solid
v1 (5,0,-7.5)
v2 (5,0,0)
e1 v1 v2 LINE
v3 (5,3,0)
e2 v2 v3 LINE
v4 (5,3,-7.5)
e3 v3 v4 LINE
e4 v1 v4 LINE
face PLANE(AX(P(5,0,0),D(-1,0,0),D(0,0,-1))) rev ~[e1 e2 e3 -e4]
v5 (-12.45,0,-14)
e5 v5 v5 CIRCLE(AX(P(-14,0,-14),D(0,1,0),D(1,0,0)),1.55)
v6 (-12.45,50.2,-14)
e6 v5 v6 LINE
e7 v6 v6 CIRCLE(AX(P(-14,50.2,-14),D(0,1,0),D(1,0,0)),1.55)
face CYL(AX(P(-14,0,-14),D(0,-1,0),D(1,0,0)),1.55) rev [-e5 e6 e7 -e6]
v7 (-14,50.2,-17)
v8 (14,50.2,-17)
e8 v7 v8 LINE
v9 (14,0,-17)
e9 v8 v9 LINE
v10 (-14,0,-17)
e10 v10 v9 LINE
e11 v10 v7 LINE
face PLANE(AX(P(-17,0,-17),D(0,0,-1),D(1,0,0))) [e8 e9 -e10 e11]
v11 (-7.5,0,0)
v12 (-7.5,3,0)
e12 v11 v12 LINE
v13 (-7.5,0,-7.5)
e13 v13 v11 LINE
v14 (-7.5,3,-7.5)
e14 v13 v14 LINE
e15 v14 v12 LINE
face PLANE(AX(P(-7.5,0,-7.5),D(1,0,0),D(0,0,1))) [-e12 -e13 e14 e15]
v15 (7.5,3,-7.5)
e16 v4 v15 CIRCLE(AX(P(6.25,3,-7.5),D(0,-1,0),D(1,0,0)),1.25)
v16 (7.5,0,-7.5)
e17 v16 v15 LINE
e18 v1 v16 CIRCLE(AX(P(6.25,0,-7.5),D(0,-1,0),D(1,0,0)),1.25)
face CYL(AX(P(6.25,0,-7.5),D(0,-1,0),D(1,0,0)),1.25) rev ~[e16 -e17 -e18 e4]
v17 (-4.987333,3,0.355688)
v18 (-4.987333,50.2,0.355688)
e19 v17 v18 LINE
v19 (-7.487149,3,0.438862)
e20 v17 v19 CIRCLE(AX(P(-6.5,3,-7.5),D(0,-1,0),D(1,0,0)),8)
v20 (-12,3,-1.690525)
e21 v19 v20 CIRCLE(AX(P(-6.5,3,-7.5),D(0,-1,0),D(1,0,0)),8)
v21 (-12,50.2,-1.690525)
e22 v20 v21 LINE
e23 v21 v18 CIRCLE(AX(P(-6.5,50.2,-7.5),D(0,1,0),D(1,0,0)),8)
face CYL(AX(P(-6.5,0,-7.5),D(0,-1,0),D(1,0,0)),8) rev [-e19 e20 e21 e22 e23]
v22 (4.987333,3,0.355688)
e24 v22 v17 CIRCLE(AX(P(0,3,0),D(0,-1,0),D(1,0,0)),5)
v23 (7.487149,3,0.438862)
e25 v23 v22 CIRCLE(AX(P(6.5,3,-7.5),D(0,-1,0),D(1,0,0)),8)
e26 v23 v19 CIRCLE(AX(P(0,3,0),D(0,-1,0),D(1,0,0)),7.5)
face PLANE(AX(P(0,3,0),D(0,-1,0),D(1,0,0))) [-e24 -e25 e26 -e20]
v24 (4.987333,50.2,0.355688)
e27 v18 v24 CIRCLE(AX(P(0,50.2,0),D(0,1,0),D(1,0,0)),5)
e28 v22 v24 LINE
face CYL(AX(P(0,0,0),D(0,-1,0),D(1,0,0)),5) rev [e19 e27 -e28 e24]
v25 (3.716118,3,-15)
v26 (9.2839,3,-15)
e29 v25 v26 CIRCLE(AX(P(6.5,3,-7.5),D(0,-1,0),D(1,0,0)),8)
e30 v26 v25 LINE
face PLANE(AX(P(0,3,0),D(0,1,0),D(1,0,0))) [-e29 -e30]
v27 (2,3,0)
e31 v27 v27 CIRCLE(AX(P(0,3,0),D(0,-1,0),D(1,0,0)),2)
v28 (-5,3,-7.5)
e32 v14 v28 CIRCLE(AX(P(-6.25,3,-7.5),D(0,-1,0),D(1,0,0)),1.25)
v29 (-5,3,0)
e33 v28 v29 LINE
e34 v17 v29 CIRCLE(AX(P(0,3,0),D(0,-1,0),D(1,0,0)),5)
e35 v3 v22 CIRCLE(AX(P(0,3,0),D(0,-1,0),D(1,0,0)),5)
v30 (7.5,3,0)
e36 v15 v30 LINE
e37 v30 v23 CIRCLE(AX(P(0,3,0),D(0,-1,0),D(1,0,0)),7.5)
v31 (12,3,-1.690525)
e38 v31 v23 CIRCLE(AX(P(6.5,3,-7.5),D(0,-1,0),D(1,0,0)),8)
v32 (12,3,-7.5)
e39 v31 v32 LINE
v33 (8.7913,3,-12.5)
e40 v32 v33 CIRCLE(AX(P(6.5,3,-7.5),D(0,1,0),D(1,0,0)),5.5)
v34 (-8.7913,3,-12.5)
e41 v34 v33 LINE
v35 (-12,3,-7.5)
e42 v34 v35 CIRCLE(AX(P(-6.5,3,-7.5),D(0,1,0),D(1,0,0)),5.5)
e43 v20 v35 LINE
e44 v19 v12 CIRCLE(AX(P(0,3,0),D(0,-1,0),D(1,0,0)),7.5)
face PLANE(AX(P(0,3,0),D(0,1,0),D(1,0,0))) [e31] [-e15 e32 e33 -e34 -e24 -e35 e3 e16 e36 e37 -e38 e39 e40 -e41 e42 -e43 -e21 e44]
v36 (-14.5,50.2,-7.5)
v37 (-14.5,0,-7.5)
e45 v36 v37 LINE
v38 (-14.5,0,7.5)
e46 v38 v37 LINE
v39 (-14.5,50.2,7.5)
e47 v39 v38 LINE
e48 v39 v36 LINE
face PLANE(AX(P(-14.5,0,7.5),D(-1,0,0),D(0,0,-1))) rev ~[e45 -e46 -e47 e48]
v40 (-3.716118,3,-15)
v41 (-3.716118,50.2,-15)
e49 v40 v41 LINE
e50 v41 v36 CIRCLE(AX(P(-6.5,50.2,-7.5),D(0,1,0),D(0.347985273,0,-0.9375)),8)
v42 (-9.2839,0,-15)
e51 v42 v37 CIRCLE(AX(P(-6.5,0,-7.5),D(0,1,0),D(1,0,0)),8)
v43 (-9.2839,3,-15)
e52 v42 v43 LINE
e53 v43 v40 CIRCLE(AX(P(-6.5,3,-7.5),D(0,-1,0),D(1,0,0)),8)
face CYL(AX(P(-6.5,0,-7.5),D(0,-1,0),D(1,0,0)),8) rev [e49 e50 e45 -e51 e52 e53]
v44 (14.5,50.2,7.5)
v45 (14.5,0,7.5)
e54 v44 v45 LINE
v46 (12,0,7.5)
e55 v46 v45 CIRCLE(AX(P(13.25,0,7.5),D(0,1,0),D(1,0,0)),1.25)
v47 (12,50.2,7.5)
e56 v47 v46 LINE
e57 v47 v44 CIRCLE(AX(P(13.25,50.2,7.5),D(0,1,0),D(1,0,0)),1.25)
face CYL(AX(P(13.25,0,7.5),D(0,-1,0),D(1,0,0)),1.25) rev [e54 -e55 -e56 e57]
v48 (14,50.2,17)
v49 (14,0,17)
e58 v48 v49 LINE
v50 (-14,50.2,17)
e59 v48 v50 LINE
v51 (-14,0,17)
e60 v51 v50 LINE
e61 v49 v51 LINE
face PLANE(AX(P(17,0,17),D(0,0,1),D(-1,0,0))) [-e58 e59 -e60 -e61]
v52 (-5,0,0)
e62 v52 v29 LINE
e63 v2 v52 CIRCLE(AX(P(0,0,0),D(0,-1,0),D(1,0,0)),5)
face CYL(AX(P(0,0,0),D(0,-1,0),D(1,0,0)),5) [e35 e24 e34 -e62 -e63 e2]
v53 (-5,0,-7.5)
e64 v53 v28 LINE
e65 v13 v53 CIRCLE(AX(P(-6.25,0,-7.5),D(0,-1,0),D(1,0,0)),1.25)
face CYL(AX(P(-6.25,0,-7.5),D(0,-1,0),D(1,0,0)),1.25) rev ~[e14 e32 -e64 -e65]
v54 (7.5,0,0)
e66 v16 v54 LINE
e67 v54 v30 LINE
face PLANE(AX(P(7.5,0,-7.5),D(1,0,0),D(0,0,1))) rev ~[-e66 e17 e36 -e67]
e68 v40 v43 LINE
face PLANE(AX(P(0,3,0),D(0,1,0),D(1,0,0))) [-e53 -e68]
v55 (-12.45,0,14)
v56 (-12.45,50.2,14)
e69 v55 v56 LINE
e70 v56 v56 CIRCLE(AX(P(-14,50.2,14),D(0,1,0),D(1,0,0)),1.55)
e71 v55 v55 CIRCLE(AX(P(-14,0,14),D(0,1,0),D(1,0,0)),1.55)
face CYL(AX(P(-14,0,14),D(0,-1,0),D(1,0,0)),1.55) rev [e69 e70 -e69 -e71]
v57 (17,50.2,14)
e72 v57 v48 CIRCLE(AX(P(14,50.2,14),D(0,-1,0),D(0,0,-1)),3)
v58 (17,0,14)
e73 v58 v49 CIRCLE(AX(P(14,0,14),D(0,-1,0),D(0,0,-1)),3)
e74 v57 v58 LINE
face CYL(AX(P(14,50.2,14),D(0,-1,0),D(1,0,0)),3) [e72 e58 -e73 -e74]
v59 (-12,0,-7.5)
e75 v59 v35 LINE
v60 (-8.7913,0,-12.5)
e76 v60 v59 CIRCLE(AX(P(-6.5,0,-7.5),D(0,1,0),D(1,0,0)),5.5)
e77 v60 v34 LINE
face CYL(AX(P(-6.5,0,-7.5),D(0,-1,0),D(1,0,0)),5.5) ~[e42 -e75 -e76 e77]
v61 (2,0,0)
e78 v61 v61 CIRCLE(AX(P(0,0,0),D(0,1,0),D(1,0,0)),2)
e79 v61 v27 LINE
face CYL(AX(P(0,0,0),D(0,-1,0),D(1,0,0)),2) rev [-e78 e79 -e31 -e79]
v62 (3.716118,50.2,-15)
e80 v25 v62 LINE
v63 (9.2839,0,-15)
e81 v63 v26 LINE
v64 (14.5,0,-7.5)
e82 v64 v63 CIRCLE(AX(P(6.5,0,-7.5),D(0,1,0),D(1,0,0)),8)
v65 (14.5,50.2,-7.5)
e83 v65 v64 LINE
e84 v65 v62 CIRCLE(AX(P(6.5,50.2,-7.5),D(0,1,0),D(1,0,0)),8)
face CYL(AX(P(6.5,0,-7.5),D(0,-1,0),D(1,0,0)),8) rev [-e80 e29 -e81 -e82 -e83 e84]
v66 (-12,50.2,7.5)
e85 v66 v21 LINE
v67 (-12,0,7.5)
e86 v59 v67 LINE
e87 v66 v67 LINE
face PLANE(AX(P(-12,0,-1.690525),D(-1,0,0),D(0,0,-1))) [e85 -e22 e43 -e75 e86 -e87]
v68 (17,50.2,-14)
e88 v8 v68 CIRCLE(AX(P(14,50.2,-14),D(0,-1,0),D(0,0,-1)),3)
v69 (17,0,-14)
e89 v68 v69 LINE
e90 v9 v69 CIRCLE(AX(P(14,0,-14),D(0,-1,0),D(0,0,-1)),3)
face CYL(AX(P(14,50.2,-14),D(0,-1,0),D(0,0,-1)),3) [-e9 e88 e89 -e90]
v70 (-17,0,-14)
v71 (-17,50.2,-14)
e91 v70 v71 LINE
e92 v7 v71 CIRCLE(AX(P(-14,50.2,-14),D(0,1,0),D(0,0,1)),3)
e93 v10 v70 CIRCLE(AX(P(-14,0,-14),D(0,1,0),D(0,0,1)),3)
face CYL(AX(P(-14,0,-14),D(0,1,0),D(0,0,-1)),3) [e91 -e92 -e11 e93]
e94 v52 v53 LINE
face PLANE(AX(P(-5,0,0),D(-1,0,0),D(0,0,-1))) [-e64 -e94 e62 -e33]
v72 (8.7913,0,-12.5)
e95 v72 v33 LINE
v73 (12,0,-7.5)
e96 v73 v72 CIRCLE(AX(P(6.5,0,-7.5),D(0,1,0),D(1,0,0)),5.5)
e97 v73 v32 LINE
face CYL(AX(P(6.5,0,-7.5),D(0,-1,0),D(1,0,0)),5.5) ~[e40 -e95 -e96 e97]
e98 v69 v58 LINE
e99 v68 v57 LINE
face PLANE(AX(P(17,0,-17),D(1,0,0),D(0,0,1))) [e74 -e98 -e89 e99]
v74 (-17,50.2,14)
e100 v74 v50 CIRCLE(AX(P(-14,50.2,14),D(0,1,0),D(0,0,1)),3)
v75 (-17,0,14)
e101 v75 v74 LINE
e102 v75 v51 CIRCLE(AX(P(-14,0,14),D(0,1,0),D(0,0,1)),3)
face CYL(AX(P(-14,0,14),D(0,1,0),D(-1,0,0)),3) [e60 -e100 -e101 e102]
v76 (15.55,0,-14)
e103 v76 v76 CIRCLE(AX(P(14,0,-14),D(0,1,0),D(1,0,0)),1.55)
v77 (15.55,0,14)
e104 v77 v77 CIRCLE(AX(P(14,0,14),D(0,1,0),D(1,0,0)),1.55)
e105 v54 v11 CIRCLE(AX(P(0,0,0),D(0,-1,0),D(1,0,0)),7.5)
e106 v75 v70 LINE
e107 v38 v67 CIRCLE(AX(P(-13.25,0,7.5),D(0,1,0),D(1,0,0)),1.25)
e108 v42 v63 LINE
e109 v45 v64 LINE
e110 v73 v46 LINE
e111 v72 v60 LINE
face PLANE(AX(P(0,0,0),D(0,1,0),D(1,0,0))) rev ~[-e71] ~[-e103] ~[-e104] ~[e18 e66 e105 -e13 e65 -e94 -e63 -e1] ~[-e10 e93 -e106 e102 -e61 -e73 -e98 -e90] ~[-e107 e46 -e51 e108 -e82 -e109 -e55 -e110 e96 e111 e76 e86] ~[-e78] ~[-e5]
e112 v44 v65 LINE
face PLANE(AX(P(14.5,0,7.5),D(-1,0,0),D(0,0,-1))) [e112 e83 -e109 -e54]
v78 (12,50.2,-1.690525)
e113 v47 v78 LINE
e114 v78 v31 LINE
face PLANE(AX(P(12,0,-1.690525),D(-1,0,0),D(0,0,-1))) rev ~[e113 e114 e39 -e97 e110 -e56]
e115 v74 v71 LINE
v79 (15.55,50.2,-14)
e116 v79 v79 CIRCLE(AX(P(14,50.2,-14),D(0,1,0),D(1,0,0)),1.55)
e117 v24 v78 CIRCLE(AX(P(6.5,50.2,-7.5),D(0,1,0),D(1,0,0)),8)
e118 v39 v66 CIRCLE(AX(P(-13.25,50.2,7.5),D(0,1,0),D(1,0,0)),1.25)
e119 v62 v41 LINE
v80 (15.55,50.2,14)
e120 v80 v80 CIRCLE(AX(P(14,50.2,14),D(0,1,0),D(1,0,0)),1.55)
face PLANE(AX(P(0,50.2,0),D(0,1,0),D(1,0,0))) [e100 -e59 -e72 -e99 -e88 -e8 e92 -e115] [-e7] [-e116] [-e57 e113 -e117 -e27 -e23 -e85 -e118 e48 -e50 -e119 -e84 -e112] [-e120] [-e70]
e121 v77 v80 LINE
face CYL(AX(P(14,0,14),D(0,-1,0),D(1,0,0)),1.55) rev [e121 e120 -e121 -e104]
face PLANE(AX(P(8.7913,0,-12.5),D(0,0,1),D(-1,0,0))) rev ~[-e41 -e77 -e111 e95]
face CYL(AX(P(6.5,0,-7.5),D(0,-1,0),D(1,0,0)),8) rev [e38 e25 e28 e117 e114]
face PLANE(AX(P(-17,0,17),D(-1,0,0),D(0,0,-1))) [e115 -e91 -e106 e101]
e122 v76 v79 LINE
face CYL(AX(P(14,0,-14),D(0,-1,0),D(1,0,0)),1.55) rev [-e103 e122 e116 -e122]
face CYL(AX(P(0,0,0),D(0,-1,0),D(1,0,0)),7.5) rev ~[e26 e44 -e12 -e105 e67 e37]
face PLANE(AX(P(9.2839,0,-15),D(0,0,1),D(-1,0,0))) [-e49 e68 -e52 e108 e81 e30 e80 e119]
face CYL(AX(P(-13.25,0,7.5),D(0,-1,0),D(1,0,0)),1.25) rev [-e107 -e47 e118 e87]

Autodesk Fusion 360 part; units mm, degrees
sketch "Skizze1" plane through (0, 0, 0) normal (0, 1, 0) x (1, 0, 0)
  circle A0 centre (0, 0) radius 7.1
  dimension "d1" = 14.2
extrude "Extrusion1" add sketch "Skizze1" along normal blind 50.2

Autodesk Fusion 360 part; units mm, degrees
sketch "Skizze1" plane through (0, 0, 0) normal (0, 1, 0) x (1, 0, 0)
  line L0 (-14.5, 9) -> (14.5, 9)
  line L1 (14.5, 9) -> (14.5, -9)
  line L2 (14.5, -9) -> (-14.5, -9)
  line L3 (-14.5, -9) -> (-14.5, 9)
  line L4 (0, 0) -> (0, 9) construction
  line L5 (0, 0) -> (14.5, 0) construction
  dimension "d1" = 29
  dimension "d2" = 18
extrude "Extrusion1" add sketch "Skizze1" along normal blind 4

Autodesk Fusion 360 part; units mm, degrees
sketch "Skizze1" plane through (0, 0, 0) normal (0, 1, 0) x (1, 0, 0)
  line L0 (-15.015, 0) -> (31.025, 0) construction
  line L1 (-15.015, 0) -> (-15.015, -7.62)
  line L2 (-15.015, -7.62) -> (15.015, -7.62)
  line L3 (15.015, -7.62) -> (16.625, -6.01)
  line L4 (16.625, -6.01) -> (31.025, -6.01)
  line L5 (31.025, -6.01) -> (31.025, 0)
  line L6 (-15.015, 0) -> (-15.015, 7.62)
  line L7 (-15.015, 7.62) -> (15.015, 7.62)
  line L8 (15.015, 7.62) -> (16.625, 6.01)
  line L9 (16.625, 6.01) -> (31.025, 6.01)
  line L10 (31.025, 6.01) -> (31.025, 0)
  line L11 (0, 0) -> (0, 7.62) construction
  dimension "d1" = 12.02
  dimension "d2" = 15.24
  dimension "d3" = 30.03
  dimension "d4" = 14.4
  dimension "d5" = 46.04
extrude "Extrusion1" add sketch "Skizze1" along normal blind 3

Autodesk Fusion 360 part; units mm, degrees
sketch "Skizze1" plane through (0, 0, 0) normal (0, 1, 0) x (1, 0, 0)
  line L0 (-17, 17) -> (17, 17)
  line L1 (17, 17) -> (17, -17)
  line L2 (17, -17) -> (-17, -17)
  line L3 (-17, -17) -> (-17, 17)
  line L4 (0, 0) -> (0, 17) construction
  line L5 (0, 0) -> (17, 0) construction
  circle A0 centre (0, 0) radius 2
  circle A1 centre (-14, 14) radius 1.55
  circle A2 centre (14, 14) radius 1.55
  circle A3 centre (-14, -14) radius 1.55
  circle A4 centre (14, -14) radius 1.55
  circle A5 centre (0, 0) radius 5
  circle A6 centre (-13.25, -7.5) radius 1.25
  line L6 (-12, -7.5) -> (-12, 7.5)
  line L7 (-14.5, -7.5) -> (-14.5, 7.5)
  circle A7 centre (-6.5, 7.5) radius 5.5
  circle A8 centre (-6.5, 7.5) radius 8
  line L8 (-9.2839, 15) -> (0, 15)
  line L9 (-8.7913, 12.5) -> (0, 12.5)
  circle A9 centre (6.5, 7.5) radius 8
  circle A10 centre (6.5, 7.5) radius 5.5
  line L10 (8.7913, 12.5) -> (0, 12.5)
  line L11 (9.2839, 15) -> (0, 15)
  line L12 (12, -7.5) -> (12, 7.5)
  line L13 (14.5, -7.5) -> (14.5, 7.5)
  circle A11 centre (13.25, -7.5) radius 1.25
  dimension "d1" = 34
  dimension "d7" = 4
  dimension "d11" = 3.1
  dimension "d12" = 28
  dimension "d13" = 28
  dimension "d14" = 10
  dimension "d17" = 2.5
  dimension "d18" = 2.5
  dimension "d20" = 16
  dimension "d21" = 11
  dimension "d22" = 9.5
  dimension "d23" = 2
  dimension "d24" = 2.5
  dimension "d28" = 9.5
extrude "Extrusion1" add sketch "Skizze1" along normal blind 3 contours L0 L1 L2 L3 | A0 A5 A8 A9 | A0 A5 A8 A9 A10 | A0 A5 A7 A8 A9 | A0 A8 A9 | A5 A9 A10 L12 | A5 L6 A7 A8 | A5 A8 A9 | A9 A10 L10 L11 L12 | A9 L12 L13 A11 | A5 A7 L9 A9 | A5 A7 | L6 A7 A8 L8 L9 | A6 L6 L7 A8 | A5 A8 A10 | A5 A7 A8 A9 A10 | A5 A7 A9 | A5 A10 | A5 A8 A10 L10 | A11 | A6 | A8 A10 | A7 A9 | A9 L11 | A10 L10 | A7 L9 | A8 L8 | A8 A9 A10 L10 | A7 A8 L9 A9 | A8 L8 L9 A9 L10 L11 | A8 L9 A9 L10 picked at (0.0445, 2.311)
fillet "Abrundung1" radius 3 4 edges at (-17, 1.5, -17) (-17, 1.5, 17) (17, 1.5, 17) (17, 1.5, -17)
extrude "Extrusion2" cut sketch "Skizze1" along normal up to surface (3 mm away) contours A9 A10 L10 L11 L12 | A9 L12 L13 A11 | L6 A7 A8 L8 L9 | A6 L6 L7 A8 | A11 | A6 | A10 L10 | A7 L9 | A8 L8 L9 A9 L10 L11
sketch "Skizze2" plane through (0, 0, 0) normal (0, -1, 0) x (1, 0, 0)
  arc A0 (-12, 7.5) -> (-14.5, 7.5) centre (-13.25, 7.5) ccw
  line L0 (-12, 7.5) -> (-12, -7.5)
  arc A1 (-12, -7.5) -> (-8.7913, -12.5) centre (-6.5, -7.5) ccw
  line L1 (-8.7913, -12.5) -> (8.7913, -12.5)
  arc A2 (8.7913, -12.5) -> (12, -7.5) centre (6.5, -7.5) ccw
  line L2 (12, -7.5) -> (12, 7.5)
  arc A3 (14.5, 7.5) -> (12, 7.5) centre (13.25, 7.5) ccw
  line L3 (14.5, 7.5) -> (14.5, -7.5)
  arc A4 (9.2839, -15) -> (14.5, -7.5) centre (6.5, -7.5) ccw
  line L4 (9.2839, -15) -> (-9.2839, -15)
  arc A5 (-14.5, -7.5) -> (-9.2839, -15) centre (-6.5, -7.5) ccw
  line L5 (-14.5, -7.5) -> (-14.5, 7.5)
  circle A6 centre (-14, 14) radius 1.55
  circle A7 centre (14, -14) radius 1.55
  circle A8 centre (14, 14) radius 1.55
  circle A9 centre (-14, -14) radius 1.55
  circle A10 centre (0, 0) radius 2
  arc A11 (14, -17) -> (17, -14) centre (14, -14) ccw
  line L6 (17, -14) -> (17, 14)
  arc A12 (17, 14) -> (14, 17) centre (14, 14) ccw
  line L7 (14, 17) -> (-14, 17)
  arc A13 (-14, 17) -> (-17, 14) centre (-14, 14) ccw
  line L8 (-17, 14) -> (-17, -14)
  arc A14 (-17, -14) -> (-14, -17) centre (-14, -14) ccw
  line L9 (-14, -17) -> (14, -17)
  circle A15 centre (0, 0) radius 5
  line L10 (0, 0) -> (0, -17) construction
  circle A16 centre (6.25, -7.5) radius 1.25
  line L11 (5, 0) -> (5, -7.5)
  line L12 (7.5, -7.5) -> (7.5, 0)
  circle A17 centre (0, 0) radius 7.5
  line L13 (0, 0) -> (7.5, 0) construction
  circle A18 centre (-6.25, -7.5) radius 1.25
  line L14 (-5, 0) -> (-5, -7.5)
  line L15 (-7.5, -7.5) -> (-7.5, 0)
  dimension "d31" = 2.5
  dimension "d32" = 10
  dimension "d33" = 7.5
extrude "Extrusion3" cut sketch "Skizze2" against normal up to surface (3 mm away) contours A15 L11 A17 L14 | A16 L11 L12 A17 | A17 A18 L14 L15 | A16 | A18 picked at (-4.6131, 4.7886)
equation "d13 = d12"
equation "d21 = d20 - 5 mm"
